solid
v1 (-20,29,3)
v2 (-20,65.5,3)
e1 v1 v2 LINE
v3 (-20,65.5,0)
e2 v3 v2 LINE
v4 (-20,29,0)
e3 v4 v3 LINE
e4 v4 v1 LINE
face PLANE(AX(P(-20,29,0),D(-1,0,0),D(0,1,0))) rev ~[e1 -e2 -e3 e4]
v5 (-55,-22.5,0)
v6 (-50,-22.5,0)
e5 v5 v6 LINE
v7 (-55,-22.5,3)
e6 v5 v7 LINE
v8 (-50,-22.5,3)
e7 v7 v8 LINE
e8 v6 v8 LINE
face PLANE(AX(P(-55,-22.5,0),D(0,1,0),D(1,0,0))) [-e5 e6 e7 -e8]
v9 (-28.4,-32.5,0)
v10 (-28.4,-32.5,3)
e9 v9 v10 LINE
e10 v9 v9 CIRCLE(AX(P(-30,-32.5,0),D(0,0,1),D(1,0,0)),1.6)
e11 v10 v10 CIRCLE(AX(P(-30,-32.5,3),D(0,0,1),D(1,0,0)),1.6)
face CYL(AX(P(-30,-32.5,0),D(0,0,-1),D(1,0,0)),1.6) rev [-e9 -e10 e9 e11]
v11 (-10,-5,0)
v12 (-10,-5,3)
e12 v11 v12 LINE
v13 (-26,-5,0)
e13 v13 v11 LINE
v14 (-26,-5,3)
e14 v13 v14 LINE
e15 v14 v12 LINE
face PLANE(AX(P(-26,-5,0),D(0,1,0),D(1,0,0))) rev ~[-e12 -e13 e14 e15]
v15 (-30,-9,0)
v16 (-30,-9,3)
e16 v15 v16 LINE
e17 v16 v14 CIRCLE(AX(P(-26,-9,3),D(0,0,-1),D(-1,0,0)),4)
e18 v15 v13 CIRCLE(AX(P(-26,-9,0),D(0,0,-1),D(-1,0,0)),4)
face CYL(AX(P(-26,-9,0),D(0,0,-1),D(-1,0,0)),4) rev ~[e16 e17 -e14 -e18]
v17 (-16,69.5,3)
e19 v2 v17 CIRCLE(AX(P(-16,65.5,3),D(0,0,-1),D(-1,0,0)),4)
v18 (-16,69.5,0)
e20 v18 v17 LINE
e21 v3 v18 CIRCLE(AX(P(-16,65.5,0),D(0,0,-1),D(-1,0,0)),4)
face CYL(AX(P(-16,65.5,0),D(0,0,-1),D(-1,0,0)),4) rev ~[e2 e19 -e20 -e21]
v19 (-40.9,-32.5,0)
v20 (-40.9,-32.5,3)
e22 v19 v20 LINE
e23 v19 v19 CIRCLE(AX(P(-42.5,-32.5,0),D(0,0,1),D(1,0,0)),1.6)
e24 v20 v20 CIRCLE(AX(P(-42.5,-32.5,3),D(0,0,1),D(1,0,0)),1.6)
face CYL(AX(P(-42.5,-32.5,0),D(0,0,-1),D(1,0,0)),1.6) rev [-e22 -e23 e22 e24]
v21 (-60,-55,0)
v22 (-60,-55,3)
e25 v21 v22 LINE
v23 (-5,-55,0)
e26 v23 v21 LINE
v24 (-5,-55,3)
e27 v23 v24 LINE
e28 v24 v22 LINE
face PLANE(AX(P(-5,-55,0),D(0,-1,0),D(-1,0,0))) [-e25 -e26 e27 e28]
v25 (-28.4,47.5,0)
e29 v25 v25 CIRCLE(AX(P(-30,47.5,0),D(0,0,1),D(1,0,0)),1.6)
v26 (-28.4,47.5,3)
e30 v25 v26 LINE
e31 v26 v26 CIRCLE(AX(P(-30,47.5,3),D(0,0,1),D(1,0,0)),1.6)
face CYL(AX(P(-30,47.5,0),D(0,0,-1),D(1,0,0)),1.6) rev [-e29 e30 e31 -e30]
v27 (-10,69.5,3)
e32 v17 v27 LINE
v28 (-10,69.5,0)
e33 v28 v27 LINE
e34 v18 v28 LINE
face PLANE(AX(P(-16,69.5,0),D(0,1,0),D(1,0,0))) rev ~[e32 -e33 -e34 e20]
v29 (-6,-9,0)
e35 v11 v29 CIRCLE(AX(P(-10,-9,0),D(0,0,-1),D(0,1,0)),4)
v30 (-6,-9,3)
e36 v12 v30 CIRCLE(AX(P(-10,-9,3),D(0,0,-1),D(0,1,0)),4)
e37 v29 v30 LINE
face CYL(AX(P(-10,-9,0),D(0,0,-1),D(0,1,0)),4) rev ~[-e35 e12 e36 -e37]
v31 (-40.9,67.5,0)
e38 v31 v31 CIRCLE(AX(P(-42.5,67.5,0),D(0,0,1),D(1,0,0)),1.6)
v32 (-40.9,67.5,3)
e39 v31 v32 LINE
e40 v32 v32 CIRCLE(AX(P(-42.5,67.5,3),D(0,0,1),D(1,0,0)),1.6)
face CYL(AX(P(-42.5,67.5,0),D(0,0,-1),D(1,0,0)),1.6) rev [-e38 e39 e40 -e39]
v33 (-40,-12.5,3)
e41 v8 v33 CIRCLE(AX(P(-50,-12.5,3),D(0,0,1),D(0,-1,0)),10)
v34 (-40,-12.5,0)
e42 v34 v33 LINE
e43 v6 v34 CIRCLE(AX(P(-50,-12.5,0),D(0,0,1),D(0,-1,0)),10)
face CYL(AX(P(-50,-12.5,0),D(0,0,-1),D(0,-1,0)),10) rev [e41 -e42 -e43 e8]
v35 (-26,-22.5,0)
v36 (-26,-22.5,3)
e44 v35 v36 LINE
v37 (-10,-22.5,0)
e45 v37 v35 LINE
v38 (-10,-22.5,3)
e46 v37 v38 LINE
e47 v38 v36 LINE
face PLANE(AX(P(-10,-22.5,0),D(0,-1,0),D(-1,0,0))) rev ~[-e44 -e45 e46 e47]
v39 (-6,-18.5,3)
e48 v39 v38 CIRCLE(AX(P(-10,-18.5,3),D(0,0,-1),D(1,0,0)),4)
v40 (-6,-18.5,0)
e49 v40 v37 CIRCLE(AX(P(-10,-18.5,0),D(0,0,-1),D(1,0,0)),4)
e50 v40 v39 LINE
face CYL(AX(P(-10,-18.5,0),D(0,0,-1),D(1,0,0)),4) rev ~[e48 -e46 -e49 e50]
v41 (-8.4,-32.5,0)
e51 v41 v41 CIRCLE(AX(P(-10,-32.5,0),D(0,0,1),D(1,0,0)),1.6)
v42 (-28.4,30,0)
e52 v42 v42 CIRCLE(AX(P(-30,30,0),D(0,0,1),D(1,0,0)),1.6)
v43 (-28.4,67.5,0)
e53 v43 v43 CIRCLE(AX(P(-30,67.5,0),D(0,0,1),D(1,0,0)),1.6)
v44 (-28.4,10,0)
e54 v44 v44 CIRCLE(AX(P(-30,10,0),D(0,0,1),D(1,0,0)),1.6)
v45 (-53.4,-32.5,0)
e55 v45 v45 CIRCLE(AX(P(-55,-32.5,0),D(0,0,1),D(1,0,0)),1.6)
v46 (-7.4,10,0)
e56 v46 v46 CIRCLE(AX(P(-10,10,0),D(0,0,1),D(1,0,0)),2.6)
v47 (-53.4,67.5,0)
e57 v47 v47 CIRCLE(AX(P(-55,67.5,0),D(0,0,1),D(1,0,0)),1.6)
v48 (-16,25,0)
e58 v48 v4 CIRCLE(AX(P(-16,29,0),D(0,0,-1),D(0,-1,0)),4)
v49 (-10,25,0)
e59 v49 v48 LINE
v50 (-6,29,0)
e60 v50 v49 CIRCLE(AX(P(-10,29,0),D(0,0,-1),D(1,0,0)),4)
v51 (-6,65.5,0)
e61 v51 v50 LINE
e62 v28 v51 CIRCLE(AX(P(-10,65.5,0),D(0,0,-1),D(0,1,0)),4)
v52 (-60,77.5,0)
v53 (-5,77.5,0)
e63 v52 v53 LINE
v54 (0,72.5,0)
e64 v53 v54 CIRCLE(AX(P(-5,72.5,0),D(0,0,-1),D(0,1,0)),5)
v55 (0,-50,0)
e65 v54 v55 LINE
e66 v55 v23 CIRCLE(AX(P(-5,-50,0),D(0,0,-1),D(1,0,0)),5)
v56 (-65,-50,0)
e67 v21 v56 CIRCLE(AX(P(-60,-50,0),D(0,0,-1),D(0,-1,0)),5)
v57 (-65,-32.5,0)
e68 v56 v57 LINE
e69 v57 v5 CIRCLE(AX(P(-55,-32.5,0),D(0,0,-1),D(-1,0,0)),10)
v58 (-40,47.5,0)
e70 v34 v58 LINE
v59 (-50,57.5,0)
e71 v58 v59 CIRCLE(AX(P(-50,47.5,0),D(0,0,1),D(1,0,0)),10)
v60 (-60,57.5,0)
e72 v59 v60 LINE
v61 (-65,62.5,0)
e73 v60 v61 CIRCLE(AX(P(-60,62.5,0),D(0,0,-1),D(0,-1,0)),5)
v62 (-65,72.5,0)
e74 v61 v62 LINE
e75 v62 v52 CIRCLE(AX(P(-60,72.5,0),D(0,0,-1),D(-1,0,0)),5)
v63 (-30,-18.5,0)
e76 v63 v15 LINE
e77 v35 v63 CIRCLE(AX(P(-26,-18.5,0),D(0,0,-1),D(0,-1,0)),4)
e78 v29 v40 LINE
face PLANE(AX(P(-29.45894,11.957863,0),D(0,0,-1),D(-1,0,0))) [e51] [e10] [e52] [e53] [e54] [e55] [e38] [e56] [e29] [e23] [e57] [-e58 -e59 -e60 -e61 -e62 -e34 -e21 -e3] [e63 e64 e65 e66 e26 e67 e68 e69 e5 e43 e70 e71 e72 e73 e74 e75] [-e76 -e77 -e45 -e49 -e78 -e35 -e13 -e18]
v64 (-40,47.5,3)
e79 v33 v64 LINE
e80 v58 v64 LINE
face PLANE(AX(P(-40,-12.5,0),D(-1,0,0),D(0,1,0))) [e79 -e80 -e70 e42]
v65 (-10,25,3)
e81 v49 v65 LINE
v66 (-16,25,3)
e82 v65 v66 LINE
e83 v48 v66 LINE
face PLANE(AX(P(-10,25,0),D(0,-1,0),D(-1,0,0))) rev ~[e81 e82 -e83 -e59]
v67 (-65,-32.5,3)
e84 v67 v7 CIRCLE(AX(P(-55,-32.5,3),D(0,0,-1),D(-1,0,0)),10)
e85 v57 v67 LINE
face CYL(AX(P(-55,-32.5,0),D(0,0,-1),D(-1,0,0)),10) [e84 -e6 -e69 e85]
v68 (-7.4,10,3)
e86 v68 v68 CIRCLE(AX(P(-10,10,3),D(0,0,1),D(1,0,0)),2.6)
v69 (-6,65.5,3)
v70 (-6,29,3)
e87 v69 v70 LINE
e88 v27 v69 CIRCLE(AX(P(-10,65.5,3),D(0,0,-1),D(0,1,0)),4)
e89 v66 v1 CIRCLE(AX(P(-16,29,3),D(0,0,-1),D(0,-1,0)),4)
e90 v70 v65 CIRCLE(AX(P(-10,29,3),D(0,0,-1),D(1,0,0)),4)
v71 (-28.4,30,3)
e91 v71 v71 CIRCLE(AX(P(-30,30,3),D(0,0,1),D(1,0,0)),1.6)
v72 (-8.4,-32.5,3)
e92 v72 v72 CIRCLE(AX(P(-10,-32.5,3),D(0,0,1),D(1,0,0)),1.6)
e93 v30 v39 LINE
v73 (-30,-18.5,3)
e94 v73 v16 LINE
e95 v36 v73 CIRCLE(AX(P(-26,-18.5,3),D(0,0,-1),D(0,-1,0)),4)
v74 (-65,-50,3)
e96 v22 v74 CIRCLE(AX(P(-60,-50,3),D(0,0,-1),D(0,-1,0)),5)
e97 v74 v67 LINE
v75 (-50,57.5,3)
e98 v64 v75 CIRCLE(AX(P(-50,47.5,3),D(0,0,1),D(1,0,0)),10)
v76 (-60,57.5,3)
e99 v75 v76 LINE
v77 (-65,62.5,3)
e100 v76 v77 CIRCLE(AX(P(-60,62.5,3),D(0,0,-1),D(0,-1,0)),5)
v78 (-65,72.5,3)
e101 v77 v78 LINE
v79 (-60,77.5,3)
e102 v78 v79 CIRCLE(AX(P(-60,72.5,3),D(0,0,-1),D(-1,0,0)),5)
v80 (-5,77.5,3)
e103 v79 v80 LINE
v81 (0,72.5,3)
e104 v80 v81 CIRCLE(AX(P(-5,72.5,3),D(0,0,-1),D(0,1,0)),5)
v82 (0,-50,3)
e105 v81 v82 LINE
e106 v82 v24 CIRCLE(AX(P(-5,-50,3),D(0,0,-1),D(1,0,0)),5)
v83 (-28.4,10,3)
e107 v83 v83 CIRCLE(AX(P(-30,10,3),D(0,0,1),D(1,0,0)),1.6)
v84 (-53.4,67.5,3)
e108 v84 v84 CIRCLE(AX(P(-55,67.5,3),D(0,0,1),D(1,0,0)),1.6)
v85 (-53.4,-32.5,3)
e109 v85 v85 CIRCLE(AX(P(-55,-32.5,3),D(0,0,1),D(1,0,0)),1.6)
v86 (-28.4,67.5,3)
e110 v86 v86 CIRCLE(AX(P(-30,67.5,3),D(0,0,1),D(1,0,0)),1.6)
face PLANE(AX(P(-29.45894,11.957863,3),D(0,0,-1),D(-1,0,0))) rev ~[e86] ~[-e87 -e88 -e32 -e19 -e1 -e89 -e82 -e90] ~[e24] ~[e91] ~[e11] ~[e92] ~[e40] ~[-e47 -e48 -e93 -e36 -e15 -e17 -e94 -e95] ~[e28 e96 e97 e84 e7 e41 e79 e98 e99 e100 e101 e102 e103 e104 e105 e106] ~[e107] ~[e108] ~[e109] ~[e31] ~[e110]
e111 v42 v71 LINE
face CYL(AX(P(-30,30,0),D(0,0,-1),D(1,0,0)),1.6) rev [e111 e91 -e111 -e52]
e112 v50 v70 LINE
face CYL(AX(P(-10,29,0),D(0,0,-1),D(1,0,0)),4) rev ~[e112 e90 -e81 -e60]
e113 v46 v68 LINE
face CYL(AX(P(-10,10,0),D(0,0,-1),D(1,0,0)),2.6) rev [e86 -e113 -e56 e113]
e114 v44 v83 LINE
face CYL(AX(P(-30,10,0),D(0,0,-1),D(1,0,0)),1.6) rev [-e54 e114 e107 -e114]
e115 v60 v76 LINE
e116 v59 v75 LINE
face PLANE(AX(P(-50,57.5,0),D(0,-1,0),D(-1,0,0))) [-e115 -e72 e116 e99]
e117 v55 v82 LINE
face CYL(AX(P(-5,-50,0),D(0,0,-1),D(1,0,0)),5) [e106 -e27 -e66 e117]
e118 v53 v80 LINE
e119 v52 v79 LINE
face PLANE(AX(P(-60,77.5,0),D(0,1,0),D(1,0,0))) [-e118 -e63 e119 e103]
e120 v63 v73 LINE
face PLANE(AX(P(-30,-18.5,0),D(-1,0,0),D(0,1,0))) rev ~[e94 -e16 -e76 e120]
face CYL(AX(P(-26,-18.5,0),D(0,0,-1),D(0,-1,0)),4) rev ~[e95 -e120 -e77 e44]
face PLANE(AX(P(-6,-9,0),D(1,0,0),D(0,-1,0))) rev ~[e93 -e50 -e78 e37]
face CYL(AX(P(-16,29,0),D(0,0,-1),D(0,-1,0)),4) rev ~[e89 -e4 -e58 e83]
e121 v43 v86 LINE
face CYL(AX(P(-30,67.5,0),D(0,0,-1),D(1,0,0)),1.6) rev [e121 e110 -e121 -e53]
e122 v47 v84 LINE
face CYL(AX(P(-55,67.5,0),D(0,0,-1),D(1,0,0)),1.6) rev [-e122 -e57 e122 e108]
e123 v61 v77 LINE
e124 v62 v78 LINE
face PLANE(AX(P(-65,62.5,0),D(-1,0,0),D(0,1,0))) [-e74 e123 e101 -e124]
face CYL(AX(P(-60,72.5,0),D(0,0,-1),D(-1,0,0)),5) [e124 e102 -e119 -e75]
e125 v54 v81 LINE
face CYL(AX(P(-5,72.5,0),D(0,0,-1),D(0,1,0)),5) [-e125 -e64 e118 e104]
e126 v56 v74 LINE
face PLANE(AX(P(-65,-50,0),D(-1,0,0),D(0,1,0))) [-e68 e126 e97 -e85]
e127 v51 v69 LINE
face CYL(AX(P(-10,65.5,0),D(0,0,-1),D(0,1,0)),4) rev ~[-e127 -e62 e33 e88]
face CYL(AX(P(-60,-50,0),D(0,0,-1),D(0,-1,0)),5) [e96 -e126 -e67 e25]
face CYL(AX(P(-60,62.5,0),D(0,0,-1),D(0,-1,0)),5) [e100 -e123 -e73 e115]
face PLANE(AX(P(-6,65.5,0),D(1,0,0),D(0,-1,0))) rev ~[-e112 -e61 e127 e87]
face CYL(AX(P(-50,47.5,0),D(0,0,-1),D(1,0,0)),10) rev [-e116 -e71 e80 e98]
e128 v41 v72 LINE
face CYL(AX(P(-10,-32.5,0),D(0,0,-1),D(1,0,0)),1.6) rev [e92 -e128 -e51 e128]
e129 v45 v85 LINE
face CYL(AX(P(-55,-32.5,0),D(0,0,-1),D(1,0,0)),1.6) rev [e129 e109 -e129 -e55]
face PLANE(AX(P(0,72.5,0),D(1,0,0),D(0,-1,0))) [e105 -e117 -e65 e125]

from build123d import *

# Parameters (mm, degrees)
SKETCH_1_R      = 2.6
SKETCH_1_R_2    = 1.6
EXTRUDE_1_DEPTH = 3


with BuildPart() as part:
    # 草图1 → 凸台-拉伸1 (new body)
    with BuildSketch(Plane.XY):
        with BuildLine():
            Line((-60, 77.5), (-5, 77.5))
            ThreePointArc((-5, 77.5), (-1.464466094, 76.035533906), (0, 72.5))
            Line((0, 72.5), (0, -50))
            ThreePointArc((0, -50), (-1.464466094, -53.535533906), (-5, -55))
            Line((-5, -55), (-60, -55))
            ThreePointArc((-60, -55), (-63.535533906, -53.535533906), (-65, -50))
            Line((-65, -50), (-65, -32.5))
            ThreePointArc((-65, -32.5), (-62.071067812, -25.428932188), (-55, -22.5))
            Line((-55, -22.5), (-50, -22.5))
            ThreePointArc((-50, -22.5), (-42.928932188, -19.571067812), (-40, -12.5))
            Line((-40, -12.5), (-40, 47.5))
            ThreePointArc((-40, 47.5), (-42.928932188, 54.571067812), (-50, 57.5))
            Line((-50, 57.5), (-60, 57.5))
            ThreePointArc((-60, 57.5), (-63.535533906, 58.964466094), (-65, 62.5))
            Line((-65, 62.5), (-65, 72.5))
            ThreePointArc((-65, 72.5), (-63.535533906, 76.035533906), (-60, 77.5))
        make_face()
        with Locations((-10, 10)):
            Circle(SKETCH_1_R, mode=Mode.SUBTRACT)
        with Locations((-55, 67.5)):
            Circle(SKETCH_1_R_2, mode=Mode.SUBTRACT)
        with Locations((-30, 10)):
            Circle(SKETCH_1_R_2, mode=Mode.SUBTRACT)
        with Locations((-30, 67.5)):
            Circle(SKETCH_1_R_2, mode=Mode.SUBTRACT)
        with Locations((-42.5, 67.5)):
            Circle(SKETCH_1_R_2, mode=Mode.SUBTRACT)
        with Locations((-30, 47.5)):
            Circle(SKETCH_1_R_2, mode=Mode.SUBTRACT)
        with Locations((-30, 30)):
            Circle(SKETCH_1_R_2, mode=Mode.SUBTRACT)
        with Locations((-55, -32.5)):
            Circle(SKETCH_1_R_2, mode=Mode.SUBTRACT)
        with Locations((-42.5, -32.5)):
            Circle(SKETCH_1_R_2, mode=Mode.SUBTRACT)
        with Locations((-30, -32.5)):
            Circle(SKETCH_1_R_2, mode=Mode.SUBTRACT)
        with Locations((-10, -32.5)):
            Circle(SKETCH_1_R_2, mode=Mode.SUBTRACT)
        with BuildLine():
            Line((-26, -5), (-10, -5))
            ThreePointArc((-10, -5), (-7.171572875, -6.171572875), (-6, -9))
            Line((-6, -9), (-6, -18.5))
            ThreePointArc((-6, -18.5), (-7.171572875, -21.328427125), (-10, -22.5))
            Line((-10, -22.5), (-26, -22.5))
            ThreePointArc((-26, -22.5), (-28.828427125, -21.328427125), (-30, -18.5))
            Line((-30, -18.5), (-30, -9))
            ThreePointArc((-30, -9), (-28.828427125, -6.171572875), (-26, -5))
        make_face(mode=Mode.SUBTRACT)
        with BuildLine():
            Line((-10, 25), (-16, 25))
            ThreePointArc((-16, 25), (-18.828427125, 26.171572875), (-20, 29))
            Line((-20, 29), (-20, 65.5))
            ThreePointArc((-20, 65.5), (-18.828427125, 68.328427125), (-16, 69.5))
            Line((-16, 69.5), (-10, 69.5))
            ThreePointArc((-10, 69.5), (-7.171572875, 68.328427125), (-6, 65.5))
            Line((-6, 65.5), (-6, 29))
            ThreePointArc((-6, 29), (-7.171572875, 26.171572875), (-10, 25))
        make_face(mode=Mode.SUBTRACT)
    extrude(amount=EXTRUDE_1_DEPTH)


solid = part.part
